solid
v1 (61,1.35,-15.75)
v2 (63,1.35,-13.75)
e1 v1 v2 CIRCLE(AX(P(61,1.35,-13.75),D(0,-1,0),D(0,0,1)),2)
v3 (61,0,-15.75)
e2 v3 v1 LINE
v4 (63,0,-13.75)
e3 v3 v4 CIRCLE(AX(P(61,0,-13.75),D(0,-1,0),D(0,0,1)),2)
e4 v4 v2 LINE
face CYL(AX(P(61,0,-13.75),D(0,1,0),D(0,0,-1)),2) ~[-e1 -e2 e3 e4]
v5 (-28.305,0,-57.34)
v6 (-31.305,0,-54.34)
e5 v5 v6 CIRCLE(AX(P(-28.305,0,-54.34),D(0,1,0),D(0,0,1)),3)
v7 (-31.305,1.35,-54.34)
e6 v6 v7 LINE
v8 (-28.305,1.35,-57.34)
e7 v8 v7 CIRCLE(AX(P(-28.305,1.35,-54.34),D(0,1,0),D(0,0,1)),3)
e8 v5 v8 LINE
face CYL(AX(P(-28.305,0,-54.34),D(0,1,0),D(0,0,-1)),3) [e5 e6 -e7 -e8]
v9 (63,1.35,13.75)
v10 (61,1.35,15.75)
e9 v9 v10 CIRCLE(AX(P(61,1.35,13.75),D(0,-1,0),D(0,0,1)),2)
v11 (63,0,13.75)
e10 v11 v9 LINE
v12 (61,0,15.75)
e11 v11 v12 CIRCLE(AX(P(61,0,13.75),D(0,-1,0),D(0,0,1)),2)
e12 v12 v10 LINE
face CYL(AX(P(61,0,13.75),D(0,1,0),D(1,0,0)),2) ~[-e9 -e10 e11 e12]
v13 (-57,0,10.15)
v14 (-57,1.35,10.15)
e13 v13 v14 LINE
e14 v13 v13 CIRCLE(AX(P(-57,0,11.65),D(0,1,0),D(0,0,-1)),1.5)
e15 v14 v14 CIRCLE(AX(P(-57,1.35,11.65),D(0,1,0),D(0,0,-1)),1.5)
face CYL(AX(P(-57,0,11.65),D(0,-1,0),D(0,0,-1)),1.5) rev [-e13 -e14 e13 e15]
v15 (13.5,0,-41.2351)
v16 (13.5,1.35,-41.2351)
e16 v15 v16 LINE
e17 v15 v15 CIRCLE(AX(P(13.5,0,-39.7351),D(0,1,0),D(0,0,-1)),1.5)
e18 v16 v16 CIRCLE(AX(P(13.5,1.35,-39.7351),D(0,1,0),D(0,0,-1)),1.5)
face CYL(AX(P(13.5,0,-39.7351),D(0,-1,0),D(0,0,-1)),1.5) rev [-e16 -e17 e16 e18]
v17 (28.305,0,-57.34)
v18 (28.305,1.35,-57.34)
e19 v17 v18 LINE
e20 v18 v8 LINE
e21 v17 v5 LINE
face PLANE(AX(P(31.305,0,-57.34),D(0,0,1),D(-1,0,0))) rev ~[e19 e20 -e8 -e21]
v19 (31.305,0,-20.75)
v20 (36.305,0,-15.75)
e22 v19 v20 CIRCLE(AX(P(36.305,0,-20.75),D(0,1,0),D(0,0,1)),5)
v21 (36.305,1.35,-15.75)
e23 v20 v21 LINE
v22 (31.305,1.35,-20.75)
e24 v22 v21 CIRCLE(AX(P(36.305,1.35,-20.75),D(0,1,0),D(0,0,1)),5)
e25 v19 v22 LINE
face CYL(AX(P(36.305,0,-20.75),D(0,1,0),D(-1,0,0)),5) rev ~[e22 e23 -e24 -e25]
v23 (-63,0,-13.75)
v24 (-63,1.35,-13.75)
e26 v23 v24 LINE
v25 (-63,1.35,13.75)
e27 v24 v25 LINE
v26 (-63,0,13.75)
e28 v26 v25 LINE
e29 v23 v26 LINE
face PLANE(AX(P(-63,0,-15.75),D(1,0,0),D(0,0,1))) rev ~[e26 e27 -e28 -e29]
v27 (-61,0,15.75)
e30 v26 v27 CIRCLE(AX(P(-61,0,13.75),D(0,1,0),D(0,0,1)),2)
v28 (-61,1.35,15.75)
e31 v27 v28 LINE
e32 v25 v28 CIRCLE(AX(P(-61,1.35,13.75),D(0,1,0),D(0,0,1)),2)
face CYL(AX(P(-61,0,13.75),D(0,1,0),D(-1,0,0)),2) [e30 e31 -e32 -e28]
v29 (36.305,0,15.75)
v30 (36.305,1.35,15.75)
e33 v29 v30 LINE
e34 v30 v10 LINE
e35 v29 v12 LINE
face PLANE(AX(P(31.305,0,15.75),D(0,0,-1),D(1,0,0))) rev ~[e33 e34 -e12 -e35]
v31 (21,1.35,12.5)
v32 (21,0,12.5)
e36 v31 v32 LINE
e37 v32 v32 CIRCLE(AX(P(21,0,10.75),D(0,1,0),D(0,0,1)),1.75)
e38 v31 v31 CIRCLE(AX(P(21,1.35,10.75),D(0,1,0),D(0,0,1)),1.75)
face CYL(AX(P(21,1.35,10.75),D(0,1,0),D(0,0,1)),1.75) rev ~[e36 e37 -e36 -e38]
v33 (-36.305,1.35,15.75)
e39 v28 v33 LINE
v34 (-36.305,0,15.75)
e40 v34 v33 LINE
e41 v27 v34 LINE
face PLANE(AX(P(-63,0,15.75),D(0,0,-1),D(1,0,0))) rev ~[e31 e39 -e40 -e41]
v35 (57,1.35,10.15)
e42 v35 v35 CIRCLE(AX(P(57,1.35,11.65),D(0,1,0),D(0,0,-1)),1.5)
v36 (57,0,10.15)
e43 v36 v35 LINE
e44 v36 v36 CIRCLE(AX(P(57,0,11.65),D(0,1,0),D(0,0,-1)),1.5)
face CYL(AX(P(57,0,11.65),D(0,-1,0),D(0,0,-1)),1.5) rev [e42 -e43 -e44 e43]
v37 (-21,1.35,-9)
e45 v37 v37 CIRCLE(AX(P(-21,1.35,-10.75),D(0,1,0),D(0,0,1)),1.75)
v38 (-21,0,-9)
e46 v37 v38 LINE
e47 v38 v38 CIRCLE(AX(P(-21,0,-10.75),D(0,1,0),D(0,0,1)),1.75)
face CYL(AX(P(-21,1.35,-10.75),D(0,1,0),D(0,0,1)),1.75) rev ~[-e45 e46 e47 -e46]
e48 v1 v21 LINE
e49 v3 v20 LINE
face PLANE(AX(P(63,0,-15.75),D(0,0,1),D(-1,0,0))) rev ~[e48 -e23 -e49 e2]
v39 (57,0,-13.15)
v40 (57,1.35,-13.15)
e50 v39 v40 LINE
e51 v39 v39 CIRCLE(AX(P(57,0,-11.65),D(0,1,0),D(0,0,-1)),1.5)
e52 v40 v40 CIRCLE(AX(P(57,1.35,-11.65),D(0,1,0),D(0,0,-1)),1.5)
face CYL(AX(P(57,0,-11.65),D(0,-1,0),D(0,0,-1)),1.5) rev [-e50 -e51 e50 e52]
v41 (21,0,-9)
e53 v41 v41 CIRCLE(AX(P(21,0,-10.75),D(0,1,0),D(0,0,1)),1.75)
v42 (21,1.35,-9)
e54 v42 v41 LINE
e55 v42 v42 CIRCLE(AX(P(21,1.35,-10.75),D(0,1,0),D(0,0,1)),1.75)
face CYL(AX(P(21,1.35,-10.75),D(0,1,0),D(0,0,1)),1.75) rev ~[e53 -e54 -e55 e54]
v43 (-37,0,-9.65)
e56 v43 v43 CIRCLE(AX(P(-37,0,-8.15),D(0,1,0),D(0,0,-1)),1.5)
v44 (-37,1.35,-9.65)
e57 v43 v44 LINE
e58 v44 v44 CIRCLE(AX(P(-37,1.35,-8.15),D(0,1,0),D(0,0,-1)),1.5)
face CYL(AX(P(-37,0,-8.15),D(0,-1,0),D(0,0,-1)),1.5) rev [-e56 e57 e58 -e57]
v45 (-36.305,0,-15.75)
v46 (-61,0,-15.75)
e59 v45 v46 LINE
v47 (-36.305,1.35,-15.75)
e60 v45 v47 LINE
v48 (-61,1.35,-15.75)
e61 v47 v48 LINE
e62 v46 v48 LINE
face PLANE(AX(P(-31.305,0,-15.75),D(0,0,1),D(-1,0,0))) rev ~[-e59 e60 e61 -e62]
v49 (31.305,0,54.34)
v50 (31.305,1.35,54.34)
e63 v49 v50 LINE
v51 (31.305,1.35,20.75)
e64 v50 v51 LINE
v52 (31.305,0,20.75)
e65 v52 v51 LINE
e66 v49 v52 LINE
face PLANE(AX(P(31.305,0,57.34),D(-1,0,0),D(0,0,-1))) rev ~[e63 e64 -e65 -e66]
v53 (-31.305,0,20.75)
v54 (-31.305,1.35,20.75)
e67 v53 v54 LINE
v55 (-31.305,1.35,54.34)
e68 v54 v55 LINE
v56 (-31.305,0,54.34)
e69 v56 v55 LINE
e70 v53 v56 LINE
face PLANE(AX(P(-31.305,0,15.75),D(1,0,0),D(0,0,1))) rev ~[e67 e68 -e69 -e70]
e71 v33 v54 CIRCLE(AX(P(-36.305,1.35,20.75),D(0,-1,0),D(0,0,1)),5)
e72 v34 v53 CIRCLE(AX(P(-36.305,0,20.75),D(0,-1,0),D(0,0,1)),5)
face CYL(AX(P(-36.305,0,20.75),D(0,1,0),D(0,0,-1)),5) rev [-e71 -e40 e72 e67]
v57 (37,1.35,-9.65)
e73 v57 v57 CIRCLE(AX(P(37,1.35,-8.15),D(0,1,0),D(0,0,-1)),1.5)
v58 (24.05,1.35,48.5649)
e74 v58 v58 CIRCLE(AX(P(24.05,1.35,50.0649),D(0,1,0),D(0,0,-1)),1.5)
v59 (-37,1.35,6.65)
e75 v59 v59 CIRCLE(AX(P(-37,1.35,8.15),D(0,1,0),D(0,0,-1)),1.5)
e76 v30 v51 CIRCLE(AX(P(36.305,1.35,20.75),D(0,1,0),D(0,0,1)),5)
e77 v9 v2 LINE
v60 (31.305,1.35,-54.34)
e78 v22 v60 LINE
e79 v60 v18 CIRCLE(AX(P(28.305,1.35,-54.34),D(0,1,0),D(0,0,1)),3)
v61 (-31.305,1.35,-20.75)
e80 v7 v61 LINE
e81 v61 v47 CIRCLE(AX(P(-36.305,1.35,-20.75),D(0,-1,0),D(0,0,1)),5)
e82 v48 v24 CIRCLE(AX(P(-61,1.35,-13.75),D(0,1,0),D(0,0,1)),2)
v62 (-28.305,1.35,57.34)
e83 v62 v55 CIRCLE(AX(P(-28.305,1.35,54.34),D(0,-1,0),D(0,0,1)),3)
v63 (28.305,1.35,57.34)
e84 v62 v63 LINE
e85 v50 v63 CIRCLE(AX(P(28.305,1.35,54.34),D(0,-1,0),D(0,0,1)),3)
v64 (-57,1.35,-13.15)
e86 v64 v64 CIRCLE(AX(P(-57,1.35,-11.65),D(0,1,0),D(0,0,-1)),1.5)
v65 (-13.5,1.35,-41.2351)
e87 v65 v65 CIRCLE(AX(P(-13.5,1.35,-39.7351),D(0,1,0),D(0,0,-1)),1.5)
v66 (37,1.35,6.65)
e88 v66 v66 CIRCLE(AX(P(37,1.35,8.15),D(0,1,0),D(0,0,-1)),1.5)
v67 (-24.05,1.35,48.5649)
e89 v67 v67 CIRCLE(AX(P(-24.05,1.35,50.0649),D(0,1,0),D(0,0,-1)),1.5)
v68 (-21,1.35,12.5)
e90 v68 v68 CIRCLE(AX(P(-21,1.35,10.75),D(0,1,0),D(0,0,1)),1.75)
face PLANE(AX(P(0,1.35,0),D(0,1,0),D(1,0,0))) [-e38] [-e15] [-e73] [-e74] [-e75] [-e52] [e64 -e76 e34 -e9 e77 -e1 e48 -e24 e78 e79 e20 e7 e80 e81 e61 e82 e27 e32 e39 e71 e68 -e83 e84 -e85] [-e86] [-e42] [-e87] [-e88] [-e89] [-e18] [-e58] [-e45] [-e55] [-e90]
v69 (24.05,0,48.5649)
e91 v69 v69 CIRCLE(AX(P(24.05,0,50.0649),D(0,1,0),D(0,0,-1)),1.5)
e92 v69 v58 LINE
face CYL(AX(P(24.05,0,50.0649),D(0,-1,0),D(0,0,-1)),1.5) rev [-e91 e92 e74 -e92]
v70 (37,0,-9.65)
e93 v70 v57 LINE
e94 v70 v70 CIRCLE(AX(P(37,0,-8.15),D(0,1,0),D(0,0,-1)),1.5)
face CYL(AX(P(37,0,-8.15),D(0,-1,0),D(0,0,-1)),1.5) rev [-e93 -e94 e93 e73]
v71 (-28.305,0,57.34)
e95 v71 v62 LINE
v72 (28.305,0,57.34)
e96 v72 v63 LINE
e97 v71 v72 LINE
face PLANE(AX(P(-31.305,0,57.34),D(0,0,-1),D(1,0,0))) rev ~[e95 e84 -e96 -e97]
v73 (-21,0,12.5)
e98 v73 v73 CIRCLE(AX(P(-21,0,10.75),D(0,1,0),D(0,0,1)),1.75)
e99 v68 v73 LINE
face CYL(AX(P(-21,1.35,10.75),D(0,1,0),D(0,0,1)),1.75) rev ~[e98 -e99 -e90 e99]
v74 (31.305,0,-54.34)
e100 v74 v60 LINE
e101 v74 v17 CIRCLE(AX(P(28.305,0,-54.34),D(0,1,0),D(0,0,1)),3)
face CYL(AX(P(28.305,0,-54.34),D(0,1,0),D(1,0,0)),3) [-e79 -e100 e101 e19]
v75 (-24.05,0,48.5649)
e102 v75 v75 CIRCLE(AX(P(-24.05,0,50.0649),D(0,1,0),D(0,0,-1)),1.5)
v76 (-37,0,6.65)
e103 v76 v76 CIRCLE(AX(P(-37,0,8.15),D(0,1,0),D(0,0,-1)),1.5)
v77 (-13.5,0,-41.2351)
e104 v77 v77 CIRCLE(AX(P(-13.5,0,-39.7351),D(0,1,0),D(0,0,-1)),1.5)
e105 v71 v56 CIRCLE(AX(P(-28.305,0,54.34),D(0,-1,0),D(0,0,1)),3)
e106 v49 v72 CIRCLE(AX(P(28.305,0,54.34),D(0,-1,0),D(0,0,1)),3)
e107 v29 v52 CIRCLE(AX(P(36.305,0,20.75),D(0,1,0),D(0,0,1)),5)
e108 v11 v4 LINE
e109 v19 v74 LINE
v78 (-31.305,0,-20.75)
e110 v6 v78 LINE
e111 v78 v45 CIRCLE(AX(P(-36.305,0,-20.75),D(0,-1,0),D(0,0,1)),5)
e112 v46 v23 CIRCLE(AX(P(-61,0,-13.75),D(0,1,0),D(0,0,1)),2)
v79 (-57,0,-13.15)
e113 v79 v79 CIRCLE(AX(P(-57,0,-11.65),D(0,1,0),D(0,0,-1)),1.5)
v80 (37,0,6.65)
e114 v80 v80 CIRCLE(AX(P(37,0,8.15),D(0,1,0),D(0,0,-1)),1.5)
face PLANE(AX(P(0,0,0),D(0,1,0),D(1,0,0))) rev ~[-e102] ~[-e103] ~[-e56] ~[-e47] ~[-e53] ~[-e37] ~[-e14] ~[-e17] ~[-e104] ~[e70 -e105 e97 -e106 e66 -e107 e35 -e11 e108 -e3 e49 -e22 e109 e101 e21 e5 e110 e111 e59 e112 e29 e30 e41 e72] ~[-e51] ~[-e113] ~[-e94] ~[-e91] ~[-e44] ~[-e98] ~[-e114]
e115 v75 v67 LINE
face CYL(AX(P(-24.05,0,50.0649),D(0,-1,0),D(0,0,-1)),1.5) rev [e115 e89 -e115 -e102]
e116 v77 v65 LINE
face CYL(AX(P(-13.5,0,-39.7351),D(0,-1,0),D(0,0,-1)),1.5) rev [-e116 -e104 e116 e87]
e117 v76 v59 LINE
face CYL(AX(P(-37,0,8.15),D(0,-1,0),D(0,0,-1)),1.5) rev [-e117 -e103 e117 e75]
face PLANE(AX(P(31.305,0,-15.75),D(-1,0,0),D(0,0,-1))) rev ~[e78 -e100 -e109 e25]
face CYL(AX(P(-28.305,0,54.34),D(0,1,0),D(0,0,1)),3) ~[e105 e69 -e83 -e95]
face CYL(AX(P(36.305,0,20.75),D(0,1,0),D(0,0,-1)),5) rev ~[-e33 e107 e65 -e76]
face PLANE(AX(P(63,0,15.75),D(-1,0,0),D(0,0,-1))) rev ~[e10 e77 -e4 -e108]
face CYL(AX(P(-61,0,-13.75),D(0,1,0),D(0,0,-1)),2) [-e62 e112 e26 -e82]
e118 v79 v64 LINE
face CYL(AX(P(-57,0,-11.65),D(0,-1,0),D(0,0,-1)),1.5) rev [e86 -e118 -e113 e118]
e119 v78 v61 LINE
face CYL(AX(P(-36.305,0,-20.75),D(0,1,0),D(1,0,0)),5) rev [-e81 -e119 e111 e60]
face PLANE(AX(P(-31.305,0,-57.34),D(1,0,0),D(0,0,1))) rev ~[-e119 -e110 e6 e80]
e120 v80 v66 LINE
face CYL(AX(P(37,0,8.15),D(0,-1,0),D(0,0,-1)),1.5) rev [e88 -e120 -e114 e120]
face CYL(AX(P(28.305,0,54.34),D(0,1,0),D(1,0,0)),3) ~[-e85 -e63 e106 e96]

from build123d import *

# Parameters (mm, degrees)
SKETCH3_R           = 1.5
BOSS_EXTRUDE1_DEPTH = 1.35
FILLET1_R           = 2
FILLET2_R           = 3
FILLET3_R           = 5
SKETCH4_R           = 1.75
CUT_EXTRUDE1_DEPTH  = 86.197993521


with BuildPart() as part:
    # Sketch3 → Boss-Extrude1 (new body)
    with BuildSketch(Plane(origin=(0, 0, 0), x_dir=(1, 0, 0), z_dir=(0, 1, 0))):
        Polygon((31.305, 15.75), (31.305, 57.34), (-31.305, 57.34), (-31.305, 15.75), (-63, 15.75), (-63, -15.75), (-31.305, -15.75), (-31.305, -57.34), (31.305, -57.34), (31.305, -15.75), (63, -15.75), (63, 15.75), align=None)
        with Locations(Location((-57, 11.65, 0), (0, 0, 90))):
            Circle(SKETCH3_R, mode=Mode.SUBTRACT)
        with Locations(Location((-57, -11.65, 0), (0, 0, 90))):
            Circle(SKETCH3_R, mode=Mode.SUBTRACT)
        with Locations(Location((-37, -8.15, 0), (0, 0, 90))):
            Circle(SKETCH3_R, mode=Mode.SUBTRACT)
        with Locations(Location((-37, 8.15, 0), (0, 0, 90))):
            Circle(SKETCH3_R, mode=Mode.SUBTRACT)
        with Locations(Location((37, 8.15, 0), (0, 0, 90))):
            Circle(SKETCH3_R, mode=Mode.SUBTRACT)
        with Locations(Location((57, 11.65, 0), (0, 0, 90))):
            Circle(SKETCH3_R, mode=Mode.SUBTRACT)
        with Locations(Location((57, -11.65, 0), (0, 0, 90))):
            Circle(SKETCH3_R, mode=Mode.SUBTRACT)
        with Locations(Location((37, -8.15, 0), (0, 0, 90))):
            Circle(SKETCH3_R, mode=Mode.SUBTRACT)
        with Locations(Location((-13.5, 39.735100189, 0), (0, 0, 90))):
            Circle(SKETCH3_R, mode=Mode.SUBTRACT)
        with Locations(Location((13.5, 39.735100189, 0), (0, 0, 90))):
            Circle(SKETCH3_R, mode=Mode.SUBTRACT)
        with Locations(Location((-24.05, -50.064899811, 0), (0, 0, 90))):
            Circle(SKETCH3_R, mode=Mode.SUBTRACT)
        with Locations(Location((24.05, -50.064899811, 0), (0, 0, 90))):
            Circle(SKETCH3_R, mode=Mode.SUBTRACT)
    extrude(amount=BOSS_EXTRUDE1_DEPTH)

    # Fillet1
    fillet1_edges = [part.edges().sort_by_distance(p)[0] for p in [
        (63, 0.675, -15.75),
        (63, 0.675, 15.75),
        (-63, 0.675, 15.75),
        (-63, 0.675, -15.75),
    ]]
    fillet(fillet1_edges, radius=FILLET1_R)

    # Fillet2
    fillet2_edges = [part.edges().sort_by_distance(p)[0] for p in [
        (-31.305, 0.675, -57.34),
        (31.305, 0.675, -57.34),
        (31.305, 0.675, 57.34),
        (-31.305, 0.675, 57.34),
    ]]
    fillet(fillet2_edges, radius=FILLET2_R)

    # Fillet3
    fillet3_edges = [part.edges().sort_by_distance(p)[0] for p in [
        (-31.305, 0.675, -15.75),
        (31.305, 0.675, -15.75),
        (31.305, 0.675, 15.75),
        (-31.305, 0.675, 15.75),
    ]]
    fillet(fillet3_edges, radius=FILLET3_R)

    # Sketch4 → Cut-Extrude1 (cut, through all)
    with BuildSketch(Plane(origin=(0, 1.35, 0), x_dir=(1, 0, 0), z_dir=(0, 1, 0))):
        with Locations(Location((-21, -10.75, 0), (0, 0, 270))):
            Circle(SKETCH4_R)
        with Locations(Location((21, -10.75, 0), (0, 0, 270))):
            Circle(SKETCH4_R)
        with Locations(Location((21, 10.75, 0), (0, 0, 270))):
            Circle(SKETCH4_R)
        with Locations(Location((-21, 10.75, 0), (0, 0, 270))):
            Circle(SKETCH4_R)
    extrude(amount=-CUT_EXTRUDE1_DEPTH, mode=Mode.SUBTRACT)


solid = part.part
